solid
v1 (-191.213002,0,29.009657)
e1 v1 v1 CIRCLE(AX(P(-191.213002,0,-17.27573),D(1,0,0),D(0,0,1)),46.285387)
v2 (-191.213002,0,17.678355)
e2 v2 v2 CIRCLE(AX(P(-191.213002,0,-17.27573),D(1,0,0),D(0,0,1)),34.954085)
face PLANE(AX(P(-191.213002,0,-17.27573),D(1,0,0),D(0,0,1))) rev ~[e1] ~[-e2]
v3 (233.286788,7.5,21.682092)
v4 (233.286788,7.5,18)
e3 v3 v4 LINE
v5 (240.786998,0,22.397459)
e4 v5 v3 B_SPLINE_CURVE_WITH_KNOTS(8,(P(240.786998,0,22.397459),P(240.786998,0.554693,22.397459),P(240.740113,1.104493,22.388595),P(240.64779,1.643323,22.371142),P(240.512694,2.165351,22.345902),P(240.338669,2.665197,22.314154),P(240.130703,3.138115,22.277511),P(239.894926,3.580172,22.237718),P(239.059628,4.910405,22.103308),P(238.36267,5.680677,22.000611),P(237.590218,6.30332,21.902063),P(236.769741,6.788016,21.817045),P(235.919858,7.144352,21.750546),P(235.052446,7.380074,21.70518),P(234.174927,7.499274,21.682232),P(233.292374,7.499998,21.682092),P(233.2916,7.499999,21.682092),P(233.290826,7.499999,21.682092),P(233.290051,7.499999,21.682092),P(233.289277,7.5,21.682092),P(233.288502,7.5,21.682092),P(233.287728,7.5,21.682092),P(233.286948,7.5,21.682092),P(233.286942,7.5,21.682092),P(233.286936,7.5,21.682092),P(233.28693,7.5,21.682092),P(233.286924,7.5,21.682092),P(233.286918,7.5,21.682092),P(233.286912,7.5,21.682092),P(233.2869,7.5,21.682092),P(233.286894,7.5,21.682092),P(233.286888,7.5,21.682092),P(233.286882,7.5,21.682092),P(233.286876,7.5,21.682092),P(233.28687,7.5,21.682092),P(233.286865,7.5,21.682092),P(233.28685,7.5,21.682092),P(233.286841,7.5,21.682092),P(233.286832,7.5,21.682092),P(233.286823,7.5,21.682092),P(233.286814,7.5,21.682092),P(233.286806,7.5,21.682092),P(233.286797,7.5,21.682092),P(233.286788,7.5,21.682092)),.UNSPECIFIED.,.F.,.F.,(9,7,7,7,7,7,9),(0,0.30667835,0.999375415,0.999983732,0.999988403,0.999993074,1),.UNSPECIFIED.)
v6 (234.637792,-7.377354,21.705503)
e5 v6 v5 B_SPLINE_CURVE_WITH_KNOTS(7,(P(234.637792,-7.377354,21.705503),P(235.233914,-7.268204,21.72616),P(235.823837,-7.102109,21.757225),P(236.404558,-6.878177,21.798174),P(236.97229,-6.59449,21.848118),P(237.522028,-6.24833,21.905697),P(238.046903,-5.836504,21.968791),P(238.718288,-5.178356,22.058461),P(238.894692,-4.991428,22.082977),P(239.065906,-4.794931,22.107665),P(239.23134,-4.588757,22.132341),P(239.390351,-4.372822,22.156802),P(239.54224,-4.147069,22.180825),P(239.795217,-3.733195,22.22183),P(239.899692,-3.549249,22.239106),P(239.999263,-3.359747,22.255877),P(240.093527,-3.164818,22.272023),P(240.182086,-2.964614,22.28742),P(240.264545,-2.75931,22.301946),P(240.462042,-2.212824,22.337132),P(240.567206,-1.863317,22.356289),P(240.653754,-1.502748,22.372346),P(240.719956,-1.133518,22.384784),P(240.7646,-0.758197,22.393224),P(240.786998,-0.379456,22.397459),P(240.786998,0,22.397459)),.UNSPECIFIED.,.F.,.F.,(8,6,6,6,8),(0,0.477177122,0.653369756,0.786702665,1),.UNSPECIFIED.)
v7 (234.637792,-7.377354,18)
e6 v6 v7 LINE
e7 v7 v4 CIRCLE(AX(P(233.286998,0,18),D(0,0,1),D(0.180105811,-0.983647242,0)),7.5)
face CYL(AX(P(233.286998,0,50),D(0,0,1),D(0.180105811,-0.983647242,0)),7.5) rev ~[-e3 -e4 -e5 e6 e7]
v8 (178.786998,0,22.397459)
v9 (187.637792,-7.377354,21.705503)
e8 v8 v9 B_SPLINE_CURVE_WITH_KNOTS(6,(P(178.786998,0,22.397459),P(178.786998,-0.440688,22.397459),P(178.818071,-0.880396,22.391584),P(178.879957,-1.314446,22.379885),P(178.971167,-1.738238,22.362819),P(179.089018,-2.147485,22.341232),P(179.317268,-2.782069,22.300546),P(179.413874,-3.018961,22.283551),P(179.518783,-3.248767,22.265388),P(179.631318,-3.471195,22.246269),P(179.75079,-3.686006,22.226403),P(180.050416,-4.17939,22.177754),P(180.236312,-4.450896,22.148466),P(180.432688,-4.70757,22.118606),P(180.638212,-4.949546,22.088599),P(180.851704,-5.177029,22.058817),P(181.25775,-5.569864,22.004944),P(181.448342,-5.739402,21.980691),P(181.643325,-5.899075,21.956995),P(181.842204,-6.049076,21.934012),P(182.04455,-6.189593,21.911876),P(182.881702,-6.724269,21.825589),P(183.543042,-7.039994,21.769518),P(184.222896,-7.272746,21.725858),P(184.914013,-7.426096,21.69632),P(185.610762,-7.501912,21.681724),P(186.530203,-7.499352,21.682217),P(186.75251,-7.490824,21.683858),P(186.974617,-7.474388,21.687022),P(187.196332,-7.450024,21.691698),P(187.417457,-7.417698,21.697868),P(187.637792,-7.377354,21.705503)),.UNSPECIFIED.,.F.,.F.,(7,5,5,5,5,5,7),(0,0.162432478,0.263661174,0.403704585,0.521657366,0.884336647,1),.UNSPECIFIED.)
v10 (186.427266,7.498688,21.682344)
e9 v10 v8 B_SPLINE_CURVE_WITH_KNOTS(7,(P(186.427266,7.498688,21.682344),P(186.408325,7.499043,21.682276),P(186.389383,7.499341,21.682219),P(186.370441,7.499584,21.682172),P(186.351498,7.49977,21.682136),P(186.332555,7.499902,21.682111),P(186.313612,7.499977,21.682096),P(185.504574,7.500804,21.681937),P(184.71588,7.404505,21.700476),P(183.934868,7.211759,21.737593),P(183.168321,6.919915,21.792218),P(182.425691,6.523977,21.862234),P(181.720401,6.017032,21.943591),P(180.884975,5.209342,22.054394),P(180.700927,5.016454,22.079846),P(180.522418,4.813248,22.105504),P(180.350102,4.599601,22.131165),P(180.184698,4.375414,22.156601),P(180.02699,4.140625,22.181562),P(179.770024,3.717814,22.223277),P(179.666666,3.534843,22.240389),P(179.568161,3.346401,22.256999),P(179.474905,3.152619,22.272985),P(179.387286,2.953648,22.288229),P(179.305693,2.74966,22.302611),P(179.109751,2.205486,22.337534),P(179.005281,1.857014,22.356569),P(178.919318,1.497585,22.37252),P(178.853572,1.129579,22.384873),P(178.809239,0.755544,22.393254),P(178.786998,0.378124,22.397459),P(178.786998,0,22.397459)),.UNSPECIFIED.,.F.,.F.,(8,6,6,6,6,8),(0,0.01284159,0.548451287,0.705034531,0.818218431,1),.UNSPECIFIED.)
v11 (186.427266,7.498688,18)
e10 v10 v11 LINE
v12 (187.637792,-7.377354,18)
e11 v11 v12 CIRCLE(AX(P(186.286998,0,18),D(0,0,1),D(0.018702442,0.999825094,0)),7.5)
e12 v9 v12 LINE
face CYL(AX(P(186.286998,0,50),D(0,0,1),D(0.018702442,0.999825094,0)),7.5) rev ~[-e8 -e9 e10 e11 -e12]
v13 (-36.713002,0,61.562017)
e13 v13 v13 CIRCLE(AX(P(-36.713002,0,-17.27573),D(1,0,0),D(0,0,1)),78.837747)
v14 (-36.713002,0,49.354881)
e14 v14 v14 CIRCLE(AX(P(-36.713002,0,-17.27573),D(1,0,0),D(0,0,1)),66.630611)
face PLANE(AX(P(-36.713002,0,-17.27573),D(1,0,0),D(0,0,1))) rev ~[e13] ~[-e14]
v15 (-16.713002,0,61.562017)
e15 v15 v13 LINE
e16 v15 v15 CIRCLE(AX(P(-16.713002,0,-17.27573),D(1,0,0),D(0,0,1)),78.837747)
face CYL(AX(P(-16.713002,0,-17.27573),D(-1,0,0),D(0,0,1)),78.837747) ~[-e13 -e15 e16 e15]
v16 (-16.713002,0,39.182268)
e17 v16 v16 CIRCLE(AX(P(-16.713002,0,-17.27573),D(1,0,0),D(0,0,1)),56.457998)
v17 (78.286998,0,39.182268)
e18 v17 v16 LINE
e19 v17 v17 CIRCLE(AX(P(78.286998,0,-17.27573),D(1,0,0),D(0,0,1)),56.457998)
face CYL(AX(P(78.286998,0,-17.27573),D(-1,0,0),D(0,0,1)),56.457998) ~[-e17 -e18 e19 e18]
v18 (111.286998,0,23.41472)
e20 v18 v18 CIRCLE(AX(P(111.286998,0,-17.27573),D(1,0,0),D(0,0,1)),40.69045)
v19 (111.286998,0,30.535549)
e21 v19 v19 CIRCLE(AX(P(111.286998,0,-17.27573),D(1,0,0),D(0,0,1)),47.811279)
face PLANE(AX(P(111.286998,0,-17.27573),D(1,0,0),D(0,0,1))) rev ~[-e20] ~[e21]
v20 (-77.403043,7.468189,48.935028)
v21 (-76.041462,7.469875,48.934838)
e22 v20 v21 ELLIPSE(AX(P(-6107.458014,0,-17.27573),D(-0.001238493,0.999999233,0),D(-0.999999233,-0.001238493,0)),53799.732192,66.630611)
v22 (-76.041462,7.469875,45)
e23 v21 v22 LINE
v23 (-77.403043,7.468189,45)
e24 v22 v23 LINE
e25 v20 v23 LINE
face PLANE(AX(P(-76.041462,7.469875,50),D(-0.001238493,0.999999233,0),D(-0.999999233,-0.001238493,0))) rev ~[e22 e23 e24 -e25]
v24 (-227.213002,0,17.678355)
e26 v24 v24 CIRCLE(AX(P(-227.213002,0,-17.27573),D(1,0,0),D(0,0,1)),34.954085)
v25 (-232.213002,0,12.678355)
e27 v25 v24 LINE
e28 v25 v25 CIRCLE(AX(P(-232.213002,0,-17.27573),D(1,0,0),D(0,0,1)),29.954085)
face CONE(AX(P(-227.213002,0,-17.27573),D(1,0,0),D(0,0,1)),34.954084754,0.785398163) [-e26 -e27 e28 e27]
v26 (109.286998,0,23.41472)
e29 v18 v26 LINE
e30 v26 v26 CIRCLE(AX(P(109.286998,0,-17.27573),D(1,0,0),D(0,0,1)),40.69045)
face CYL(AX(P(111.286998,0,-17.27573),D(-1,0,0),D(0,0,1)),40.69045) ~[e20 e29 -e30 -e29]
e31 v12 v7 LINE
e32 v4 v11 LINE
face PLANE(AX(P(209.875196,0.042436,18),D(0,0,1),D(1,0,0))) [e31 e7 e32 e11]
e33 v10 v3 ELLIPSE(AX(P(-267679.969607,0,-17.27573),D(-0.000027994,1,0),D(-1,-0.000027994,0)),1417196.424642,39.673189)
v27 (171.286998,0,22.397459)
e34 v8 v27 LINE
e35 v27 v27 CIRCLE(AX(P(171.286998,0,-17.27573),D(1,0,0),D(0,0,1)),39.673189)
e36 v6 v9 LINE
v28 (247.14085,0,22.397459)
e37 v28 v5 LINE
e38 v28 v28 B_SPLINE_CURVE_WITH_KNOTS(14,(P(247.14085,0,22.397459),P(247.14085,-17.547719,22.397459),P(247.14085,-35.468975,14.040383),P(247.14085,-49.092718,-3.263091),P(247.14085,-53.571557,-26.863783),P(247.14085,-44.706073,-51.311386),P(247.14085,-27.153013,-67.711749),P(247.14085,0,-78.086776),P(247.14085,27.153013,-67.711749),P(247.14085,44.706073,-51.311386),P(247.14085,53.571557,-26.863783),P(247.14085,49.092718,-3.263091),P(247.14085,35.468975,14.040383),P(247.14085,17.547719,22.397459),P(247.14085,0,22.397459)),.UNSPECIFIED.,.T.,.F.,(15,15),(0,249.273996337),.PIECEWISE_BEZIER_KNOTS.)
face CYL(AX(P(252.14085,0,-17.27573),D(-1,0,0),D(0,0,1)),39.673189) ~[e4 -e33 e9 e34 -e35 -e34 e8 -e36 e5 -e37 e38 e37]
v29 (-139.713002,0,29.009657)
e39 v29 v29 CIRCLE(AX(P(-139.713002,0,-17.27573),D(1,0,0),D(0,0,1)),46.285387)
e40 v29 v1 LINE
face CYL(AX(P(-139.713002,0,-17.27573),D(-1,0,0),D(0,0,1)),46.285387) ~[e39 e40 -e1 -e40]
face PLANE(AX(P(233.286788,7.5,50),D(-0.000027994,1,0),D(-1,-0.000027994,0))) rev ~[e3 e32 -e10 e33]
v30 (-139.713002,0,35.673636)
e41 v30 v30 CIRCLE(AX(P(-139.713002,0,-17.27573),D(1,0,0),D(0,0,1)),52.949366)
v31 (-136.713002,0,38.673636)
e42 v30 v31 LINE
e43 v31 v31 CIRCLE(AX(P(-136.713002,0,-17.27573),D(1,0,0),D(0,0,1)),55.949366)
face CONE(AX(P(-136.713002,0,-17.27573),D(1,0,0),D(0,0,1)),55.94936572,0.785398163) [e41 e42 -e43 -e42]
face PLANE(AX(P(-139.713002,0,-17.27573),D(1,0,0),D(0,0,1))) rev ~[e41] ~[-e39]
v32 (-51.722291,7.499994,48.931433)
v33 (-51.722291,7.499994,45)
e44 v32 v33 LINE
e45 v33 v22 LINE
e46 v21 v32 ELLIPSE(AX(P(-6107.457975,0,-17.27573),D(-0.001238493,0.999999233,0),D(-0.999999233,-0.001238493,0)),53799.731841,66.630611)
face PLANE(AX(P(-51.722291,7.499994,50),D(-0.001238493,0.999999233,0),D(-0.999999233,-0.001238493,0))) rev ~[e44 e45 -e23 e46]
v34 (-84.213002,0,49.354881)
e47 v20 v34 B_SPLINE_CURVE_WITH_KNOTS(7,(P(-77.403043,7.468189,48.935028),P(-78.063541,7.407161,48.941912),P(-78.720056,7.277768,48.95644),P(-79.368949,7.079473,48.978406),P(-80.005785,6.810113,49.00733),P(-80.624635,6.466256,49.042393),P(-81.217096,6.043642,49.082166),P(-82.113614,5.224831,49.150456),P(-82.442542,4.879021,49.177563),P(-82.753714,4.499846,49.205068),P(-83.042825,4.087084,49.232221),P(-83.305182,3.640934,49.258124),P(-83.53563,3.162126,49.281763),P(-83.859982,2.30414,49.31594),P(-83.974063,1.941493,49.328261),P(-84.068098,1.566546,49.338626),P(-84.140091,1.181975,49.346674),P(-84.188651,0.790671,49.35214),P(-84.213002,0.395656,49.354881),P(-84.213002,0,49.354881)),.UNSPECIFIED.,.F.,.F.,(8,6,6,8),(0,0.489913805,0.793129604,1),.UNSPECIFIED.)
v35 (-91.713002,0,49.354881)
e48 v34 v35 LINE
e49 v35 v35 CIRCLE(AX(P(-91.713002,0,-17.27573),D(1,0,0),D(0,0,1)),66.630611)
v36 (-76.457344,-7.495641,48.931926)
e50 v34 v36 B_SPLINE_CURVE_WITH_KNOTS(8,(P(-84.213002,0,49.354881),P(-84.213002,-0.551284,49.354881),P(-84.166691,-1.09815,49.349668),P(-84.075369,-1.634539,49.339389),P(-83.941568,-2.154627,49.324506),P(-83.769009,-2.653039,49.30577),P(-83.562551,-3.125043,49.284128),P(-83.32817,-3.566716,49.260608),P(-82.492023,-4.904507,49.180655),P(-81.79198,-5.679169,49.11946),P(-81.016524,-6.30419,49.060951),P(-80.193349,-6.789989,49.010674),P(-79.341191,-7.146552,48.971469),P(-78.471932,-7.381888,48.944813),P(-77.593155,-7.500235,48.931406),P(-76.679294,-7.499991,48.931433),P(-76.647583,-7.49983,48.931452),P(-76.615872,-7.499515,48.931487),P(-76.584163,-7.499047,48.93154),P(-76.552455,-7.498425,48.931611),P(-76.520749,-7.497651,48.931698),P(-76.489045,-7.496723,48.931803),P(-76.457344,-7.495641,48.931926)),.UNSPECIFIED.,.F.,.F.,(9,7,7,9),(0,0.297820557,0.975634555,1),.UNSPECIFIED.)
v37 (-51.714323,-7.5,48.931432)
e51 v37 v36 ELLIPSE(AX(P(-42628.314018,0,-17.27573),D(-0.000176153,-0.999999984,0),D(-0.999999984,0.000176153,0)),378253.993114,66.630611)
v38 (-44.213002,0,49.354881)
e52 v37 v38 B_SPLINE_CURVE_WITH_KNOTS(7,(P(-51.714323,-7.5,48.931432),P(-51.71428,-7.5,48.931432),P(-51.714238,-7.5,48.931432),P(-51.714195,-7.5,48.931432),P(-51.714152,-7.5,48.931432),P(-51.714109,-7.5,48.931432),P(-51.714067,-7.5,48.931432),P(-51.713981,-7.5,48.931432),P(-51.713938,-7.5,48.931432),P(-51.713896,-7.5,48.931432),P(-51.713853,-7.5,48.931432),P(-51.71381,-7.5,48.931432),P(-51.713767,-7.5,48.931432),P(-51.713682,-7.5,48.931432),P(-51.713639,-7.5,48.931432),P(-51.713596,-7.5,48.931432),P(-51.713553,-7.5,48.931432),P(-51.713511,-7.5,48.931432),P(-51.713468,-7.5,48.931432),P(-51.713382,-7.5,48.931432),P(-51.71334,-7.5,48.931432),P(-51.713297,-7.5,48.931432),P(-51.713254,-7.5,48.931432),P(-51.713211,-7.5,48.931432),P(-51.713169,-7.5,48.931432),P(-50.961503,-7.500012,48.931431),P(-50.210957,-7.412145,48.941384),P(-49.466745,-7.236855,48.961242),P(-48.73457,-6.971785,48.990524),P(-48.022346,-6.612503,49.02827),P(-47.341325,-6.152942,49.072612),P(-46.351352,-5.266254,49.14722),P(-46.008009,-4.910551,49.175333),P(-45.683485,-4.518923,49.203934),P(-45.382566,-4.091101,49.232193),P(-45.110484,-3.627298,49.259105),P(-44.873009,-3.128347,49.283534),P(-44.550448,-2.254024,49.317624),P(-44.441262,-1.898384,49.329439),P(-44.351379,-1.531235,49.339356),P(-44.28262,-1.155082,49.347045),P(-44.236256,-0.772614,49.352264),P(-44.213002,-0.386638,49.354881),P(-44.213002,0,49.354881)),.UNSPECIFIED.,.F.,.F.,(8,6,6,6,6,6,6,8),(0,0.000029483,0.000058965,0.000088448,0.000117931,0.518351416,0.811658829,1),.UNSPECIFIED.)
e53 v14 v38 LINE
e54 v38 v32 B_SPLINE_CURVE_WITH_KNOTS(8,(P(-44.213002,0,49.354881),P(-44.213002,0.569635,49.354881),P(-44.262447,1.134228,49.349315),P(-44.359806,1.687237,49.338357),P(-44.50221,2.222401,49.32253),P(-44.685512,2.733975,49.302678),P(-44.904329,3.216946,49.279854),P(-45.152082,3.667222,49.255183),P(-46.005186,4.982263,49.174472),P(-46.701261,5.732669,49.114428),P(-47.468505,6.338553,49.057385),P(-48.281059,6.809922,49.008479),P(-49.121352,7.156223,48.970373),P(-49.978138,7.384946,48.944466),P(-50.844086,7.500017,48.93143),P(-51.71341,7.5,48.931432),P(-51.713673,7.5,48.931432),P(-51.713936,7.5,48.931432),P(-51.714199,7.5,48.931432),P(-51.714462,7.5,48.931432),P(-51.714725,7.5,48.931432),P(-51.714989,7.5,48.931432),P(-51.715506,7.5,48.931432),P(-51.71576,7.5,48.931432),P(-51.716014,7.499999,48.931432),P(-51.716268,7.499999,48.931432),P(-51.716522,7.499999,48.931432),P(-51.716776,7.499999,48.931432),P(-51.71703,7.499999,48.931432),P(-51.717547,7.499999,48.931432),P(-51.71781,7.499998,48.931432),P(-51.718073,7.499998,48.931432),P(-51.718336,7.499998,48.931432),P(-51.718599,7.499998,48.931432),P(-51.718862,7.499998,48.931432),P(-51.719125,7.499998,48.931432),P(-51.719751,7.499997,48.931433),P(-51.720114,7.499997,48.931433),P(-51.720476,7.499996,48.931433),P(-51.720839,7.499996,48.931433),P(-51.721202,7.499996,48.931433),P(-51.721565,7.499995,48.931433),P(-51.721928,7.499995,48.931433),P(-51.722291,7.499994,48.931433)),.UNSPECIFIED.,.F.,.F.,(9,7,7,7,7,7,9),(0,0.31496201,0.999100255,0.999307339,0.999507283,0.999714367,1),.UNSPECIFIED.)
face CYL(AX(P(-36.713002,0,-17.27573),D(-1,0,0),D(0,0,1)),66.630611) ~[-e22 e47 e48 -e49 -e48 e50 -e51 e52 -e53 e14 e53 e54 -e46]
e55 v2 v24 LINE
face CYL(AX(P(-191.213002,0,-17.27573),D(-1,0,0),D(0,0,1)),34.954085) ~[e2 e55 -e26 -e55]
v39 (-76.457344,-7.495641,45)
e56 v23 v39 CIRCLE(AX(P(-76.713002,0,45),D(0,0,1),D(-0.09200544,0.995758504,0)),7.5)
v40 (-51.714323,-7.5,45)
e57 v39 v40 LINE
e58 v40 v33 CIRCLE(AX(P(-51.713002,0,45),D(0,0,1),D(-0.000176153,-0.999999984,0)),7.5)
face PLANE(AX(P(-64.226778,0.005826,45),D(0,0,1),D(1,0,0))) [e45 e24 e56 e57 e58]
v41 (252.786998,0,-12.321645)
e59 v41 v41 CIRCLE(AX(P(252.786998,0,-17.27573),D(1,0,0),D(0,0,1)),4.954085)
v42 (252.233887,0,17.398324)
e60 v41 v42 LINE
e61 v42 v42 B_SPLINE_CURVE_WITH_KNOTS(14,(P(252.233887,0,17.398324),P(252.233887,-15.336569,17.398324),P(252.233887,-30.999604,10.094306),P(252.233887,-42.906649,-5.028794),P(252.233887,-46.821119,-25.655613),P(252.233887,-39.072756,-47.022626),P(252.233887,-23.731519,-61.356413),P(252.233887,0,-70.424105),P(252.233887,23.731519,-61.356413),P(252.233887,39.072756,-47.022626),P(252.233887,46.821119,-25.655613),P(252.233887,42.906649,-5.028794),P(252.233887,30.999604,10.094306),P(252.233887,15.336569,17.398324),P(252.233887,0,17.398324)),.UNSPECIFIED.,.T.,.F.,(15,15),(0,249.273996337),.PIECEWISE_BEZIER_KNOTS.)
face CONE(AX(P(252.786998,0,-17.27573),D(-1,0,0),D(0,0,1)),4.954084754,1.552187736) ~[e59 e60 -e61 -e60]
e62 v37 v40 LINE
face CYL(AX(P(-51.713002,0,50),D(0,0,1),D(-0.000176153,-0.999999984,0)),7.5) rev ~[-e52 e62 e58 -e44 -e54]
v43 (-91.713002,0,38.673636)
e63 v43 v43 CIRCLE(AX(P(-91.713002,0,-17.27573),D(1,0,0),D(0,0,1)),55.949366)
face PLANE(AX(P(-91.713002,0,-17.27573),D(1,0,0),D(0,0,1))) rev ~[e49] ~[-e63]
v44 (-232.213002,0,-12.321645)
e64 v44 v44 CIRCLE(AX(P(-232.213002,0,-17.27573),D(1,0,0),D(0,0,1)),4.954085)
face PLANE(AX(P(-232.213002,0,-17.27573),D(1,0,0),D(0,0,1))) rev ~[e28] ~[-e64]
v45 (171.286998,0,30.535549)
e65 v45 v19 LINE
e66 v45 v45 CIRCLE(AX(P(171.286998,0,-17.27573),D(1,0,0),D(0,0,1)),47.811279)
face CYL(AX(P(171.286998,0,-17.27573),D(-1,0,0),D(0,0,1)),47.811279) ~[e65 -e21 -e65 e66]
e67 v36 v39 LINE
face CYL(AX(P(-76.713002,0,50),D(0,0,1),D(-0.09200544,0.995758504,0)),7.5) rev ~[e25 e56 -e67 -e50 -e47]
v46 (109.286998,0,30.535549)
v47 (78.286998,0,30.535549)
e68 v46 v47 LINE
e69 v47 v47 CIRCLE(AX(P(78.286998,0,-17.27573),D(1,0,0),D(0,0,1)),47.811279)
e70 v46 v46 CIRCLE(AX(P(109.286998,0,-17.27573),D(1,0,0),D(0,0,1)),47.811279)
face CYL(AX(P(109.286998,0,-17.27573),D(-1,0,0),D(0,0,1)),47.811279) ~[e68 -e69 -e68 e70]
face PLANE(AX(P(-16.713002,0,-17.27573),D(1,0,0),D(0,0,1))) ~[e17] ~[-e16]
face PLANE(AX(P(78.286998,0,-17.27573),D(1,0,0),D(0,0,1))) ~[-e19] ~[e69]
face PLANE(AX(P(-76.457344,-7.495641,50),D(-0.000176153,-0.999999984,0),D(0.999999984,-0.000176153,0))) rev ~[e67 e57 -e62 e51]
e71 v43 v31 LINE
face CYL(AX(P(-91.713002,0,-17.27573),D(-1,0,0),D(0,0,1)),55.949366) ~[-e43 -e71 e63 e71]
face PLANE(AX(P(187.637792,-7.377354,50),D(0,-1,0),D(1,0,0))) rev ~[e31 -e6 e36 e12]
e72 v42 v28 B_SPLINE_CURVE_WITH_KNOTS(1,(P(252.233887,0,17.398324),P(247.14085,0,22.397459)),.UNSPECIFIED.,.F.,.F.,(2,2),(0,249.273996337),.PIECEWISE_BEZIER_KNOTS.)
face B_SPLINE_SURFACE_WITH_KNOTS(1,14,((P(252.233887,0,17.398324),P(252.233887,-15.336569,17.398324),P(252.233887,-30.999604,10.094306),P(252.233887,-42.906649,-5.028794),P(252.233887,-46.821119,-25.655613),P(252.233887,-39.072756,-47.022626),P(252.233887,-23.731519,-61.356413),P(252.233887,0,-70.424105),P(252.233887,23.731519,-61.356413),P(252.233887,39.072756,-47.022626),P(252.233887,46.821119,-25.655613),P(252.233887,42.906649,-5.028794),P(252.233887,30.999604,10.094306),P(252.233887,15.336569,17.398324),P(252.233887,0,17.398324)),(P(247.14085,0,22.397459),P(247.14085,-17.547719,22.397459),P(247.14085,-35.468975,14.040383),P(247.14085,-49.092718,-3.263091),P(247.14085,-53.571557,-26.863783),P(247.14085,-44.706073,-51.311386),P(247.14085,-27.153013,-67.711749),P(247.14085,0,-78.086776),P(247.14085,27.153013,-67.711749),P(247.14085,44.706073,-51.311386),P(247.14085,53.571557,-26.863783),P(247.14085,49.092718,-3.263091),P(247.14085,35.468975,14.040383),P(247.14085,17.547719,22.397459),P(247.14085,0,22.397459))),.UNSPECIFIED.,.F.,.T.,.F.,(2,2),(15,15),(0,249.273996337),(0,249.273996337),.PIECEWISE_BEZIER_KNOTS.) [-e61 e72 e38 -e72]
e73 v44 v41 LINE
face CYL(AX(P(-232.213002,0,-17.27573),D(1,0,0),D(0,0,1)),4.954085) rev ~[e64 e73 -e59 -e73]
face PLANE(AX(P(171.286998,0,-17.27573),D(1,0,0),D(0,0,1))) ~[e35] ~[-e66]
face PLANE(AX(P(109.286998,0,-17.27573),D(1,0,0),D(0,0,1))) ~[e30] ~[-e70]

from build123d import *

# Parameters (mm, degrees)
F2_SIZE  = 5
F3_SIZE  = 5
F4_SIZE  = 3
F7_DEPTH = 32
F9_DEPTH = 5


with BuildPart() as f1:
    # F0 (on Front) → F1 (revolve)
    with BuildSketch(Plane.XZ):
        Polygon((-232.2130019963, 17.678354606), (-232.2130019963, -12.321645394), (252.7869980037, -12.321645394), (252.1408498287, 22.3974585533), (171.2869980037, 22.3974585533), (171.2869980037, 30.5355489254), (111.2869980037, 30.5355489254), (111.2869980037, 23.4147198498), (109.2869980037, 23.4147198498), (109.2869980037, 30.5355489254), (78.2869980037, 30.5355489254), (78.2869980037, 39.1822680831), (-16.7130019963, 39.1822680831), (-16.7130019963, 61.5620166063), (-36.7130019963, 61.5620166063), (-36.7130019963, 49.3548810482), (-91.7130019963, 49.3548810482), (-91.7130019963, 38.6736355722), (-139.7130019963, 38.6736355722), (-139.7130019963, 29.0096569806), (-191.2130019963, 29.0096569806), (-191.2130019963, 17.678354606), align=None)
    revolve(axis=Axis((10.0326761603, 0, -17.275730148), (1, 0, 0)))

    # F2
    f2_edges = [f1.edges().sort_by_distance(p)[0] for p in [
        (-232.213002, 0, -52.229815),
    ]]
    chamfer(f2_edges, length=F2_SIZE)

    # F3
    f3_edges = [f1.edges().sort_by_distance(p)[0] for p in [
        (252.14085, 0, -56.948919),
    ]]
    chamfer(f3_edges, length=F3_SIZE)

    # F4
    f4_edges = [f1.edges().sort_by_distance(p)[0] for p in [
        (-139.713002, 0, -73.225096),
    ]]
    chamfer(f4_edges, length=F4_SIZE)

    # F6 (on offset) → F7 (cut)
    with BuildSketch(Plane.XY.offset(50)):
        with BuildLine():
            Line((233.2867880477, 7.4999999971), (186.4272663162, 7.4986882053))
            ThreePointArc((186.4272663162, 7.4986882053), (178.8117069281, -0.608295434), (187.6377915852, -7.3773543158))
            Line((187.6377915852, -7.3773543158), (231.9362044222, -7.3773543158))
            Line((231.9362044222, -7.3773543158), (234.6377915852, -7.3773543158))
            ThreePointArc((234.6377915852, -7.3773543158), (240.7562641571, 0.6782795371), (233.2867880477, 7.4999999971))
        make_face()
    extrude(amount=-F7_DEPTH, mode=Mode.SUBTRACT)

    # F8 (on offset) → F9 (cut)
    with BuildSketch(Plane.XY.offset(50)):
        with BuildLine():
            Line((-76.4573437408, -7.4956413239), (-51.7143231445, -7.4999998836))
            ThreePointArc((-51.7143231445, -7.4999998836), (-44.2130030543, 0.003983777), (-51.7222906966, 7.499994248))
            Line((-51.7222906966, 7.499994248), (-76.0414618998, 7.4698750926))
            Line((-76.0414618998, 7.4698750926), (-77.4030428, 7.4681887824))
            ThreePointArc((-77.4030428, 7.4681887824), (-84.1980687904, -0.4730487165), (-76.4573437408, -7.4956413239))
        make_face()
    extrude(amount=-F9_DEPTH, mode=Mode.SUBTRACT)


solid = f1.part
